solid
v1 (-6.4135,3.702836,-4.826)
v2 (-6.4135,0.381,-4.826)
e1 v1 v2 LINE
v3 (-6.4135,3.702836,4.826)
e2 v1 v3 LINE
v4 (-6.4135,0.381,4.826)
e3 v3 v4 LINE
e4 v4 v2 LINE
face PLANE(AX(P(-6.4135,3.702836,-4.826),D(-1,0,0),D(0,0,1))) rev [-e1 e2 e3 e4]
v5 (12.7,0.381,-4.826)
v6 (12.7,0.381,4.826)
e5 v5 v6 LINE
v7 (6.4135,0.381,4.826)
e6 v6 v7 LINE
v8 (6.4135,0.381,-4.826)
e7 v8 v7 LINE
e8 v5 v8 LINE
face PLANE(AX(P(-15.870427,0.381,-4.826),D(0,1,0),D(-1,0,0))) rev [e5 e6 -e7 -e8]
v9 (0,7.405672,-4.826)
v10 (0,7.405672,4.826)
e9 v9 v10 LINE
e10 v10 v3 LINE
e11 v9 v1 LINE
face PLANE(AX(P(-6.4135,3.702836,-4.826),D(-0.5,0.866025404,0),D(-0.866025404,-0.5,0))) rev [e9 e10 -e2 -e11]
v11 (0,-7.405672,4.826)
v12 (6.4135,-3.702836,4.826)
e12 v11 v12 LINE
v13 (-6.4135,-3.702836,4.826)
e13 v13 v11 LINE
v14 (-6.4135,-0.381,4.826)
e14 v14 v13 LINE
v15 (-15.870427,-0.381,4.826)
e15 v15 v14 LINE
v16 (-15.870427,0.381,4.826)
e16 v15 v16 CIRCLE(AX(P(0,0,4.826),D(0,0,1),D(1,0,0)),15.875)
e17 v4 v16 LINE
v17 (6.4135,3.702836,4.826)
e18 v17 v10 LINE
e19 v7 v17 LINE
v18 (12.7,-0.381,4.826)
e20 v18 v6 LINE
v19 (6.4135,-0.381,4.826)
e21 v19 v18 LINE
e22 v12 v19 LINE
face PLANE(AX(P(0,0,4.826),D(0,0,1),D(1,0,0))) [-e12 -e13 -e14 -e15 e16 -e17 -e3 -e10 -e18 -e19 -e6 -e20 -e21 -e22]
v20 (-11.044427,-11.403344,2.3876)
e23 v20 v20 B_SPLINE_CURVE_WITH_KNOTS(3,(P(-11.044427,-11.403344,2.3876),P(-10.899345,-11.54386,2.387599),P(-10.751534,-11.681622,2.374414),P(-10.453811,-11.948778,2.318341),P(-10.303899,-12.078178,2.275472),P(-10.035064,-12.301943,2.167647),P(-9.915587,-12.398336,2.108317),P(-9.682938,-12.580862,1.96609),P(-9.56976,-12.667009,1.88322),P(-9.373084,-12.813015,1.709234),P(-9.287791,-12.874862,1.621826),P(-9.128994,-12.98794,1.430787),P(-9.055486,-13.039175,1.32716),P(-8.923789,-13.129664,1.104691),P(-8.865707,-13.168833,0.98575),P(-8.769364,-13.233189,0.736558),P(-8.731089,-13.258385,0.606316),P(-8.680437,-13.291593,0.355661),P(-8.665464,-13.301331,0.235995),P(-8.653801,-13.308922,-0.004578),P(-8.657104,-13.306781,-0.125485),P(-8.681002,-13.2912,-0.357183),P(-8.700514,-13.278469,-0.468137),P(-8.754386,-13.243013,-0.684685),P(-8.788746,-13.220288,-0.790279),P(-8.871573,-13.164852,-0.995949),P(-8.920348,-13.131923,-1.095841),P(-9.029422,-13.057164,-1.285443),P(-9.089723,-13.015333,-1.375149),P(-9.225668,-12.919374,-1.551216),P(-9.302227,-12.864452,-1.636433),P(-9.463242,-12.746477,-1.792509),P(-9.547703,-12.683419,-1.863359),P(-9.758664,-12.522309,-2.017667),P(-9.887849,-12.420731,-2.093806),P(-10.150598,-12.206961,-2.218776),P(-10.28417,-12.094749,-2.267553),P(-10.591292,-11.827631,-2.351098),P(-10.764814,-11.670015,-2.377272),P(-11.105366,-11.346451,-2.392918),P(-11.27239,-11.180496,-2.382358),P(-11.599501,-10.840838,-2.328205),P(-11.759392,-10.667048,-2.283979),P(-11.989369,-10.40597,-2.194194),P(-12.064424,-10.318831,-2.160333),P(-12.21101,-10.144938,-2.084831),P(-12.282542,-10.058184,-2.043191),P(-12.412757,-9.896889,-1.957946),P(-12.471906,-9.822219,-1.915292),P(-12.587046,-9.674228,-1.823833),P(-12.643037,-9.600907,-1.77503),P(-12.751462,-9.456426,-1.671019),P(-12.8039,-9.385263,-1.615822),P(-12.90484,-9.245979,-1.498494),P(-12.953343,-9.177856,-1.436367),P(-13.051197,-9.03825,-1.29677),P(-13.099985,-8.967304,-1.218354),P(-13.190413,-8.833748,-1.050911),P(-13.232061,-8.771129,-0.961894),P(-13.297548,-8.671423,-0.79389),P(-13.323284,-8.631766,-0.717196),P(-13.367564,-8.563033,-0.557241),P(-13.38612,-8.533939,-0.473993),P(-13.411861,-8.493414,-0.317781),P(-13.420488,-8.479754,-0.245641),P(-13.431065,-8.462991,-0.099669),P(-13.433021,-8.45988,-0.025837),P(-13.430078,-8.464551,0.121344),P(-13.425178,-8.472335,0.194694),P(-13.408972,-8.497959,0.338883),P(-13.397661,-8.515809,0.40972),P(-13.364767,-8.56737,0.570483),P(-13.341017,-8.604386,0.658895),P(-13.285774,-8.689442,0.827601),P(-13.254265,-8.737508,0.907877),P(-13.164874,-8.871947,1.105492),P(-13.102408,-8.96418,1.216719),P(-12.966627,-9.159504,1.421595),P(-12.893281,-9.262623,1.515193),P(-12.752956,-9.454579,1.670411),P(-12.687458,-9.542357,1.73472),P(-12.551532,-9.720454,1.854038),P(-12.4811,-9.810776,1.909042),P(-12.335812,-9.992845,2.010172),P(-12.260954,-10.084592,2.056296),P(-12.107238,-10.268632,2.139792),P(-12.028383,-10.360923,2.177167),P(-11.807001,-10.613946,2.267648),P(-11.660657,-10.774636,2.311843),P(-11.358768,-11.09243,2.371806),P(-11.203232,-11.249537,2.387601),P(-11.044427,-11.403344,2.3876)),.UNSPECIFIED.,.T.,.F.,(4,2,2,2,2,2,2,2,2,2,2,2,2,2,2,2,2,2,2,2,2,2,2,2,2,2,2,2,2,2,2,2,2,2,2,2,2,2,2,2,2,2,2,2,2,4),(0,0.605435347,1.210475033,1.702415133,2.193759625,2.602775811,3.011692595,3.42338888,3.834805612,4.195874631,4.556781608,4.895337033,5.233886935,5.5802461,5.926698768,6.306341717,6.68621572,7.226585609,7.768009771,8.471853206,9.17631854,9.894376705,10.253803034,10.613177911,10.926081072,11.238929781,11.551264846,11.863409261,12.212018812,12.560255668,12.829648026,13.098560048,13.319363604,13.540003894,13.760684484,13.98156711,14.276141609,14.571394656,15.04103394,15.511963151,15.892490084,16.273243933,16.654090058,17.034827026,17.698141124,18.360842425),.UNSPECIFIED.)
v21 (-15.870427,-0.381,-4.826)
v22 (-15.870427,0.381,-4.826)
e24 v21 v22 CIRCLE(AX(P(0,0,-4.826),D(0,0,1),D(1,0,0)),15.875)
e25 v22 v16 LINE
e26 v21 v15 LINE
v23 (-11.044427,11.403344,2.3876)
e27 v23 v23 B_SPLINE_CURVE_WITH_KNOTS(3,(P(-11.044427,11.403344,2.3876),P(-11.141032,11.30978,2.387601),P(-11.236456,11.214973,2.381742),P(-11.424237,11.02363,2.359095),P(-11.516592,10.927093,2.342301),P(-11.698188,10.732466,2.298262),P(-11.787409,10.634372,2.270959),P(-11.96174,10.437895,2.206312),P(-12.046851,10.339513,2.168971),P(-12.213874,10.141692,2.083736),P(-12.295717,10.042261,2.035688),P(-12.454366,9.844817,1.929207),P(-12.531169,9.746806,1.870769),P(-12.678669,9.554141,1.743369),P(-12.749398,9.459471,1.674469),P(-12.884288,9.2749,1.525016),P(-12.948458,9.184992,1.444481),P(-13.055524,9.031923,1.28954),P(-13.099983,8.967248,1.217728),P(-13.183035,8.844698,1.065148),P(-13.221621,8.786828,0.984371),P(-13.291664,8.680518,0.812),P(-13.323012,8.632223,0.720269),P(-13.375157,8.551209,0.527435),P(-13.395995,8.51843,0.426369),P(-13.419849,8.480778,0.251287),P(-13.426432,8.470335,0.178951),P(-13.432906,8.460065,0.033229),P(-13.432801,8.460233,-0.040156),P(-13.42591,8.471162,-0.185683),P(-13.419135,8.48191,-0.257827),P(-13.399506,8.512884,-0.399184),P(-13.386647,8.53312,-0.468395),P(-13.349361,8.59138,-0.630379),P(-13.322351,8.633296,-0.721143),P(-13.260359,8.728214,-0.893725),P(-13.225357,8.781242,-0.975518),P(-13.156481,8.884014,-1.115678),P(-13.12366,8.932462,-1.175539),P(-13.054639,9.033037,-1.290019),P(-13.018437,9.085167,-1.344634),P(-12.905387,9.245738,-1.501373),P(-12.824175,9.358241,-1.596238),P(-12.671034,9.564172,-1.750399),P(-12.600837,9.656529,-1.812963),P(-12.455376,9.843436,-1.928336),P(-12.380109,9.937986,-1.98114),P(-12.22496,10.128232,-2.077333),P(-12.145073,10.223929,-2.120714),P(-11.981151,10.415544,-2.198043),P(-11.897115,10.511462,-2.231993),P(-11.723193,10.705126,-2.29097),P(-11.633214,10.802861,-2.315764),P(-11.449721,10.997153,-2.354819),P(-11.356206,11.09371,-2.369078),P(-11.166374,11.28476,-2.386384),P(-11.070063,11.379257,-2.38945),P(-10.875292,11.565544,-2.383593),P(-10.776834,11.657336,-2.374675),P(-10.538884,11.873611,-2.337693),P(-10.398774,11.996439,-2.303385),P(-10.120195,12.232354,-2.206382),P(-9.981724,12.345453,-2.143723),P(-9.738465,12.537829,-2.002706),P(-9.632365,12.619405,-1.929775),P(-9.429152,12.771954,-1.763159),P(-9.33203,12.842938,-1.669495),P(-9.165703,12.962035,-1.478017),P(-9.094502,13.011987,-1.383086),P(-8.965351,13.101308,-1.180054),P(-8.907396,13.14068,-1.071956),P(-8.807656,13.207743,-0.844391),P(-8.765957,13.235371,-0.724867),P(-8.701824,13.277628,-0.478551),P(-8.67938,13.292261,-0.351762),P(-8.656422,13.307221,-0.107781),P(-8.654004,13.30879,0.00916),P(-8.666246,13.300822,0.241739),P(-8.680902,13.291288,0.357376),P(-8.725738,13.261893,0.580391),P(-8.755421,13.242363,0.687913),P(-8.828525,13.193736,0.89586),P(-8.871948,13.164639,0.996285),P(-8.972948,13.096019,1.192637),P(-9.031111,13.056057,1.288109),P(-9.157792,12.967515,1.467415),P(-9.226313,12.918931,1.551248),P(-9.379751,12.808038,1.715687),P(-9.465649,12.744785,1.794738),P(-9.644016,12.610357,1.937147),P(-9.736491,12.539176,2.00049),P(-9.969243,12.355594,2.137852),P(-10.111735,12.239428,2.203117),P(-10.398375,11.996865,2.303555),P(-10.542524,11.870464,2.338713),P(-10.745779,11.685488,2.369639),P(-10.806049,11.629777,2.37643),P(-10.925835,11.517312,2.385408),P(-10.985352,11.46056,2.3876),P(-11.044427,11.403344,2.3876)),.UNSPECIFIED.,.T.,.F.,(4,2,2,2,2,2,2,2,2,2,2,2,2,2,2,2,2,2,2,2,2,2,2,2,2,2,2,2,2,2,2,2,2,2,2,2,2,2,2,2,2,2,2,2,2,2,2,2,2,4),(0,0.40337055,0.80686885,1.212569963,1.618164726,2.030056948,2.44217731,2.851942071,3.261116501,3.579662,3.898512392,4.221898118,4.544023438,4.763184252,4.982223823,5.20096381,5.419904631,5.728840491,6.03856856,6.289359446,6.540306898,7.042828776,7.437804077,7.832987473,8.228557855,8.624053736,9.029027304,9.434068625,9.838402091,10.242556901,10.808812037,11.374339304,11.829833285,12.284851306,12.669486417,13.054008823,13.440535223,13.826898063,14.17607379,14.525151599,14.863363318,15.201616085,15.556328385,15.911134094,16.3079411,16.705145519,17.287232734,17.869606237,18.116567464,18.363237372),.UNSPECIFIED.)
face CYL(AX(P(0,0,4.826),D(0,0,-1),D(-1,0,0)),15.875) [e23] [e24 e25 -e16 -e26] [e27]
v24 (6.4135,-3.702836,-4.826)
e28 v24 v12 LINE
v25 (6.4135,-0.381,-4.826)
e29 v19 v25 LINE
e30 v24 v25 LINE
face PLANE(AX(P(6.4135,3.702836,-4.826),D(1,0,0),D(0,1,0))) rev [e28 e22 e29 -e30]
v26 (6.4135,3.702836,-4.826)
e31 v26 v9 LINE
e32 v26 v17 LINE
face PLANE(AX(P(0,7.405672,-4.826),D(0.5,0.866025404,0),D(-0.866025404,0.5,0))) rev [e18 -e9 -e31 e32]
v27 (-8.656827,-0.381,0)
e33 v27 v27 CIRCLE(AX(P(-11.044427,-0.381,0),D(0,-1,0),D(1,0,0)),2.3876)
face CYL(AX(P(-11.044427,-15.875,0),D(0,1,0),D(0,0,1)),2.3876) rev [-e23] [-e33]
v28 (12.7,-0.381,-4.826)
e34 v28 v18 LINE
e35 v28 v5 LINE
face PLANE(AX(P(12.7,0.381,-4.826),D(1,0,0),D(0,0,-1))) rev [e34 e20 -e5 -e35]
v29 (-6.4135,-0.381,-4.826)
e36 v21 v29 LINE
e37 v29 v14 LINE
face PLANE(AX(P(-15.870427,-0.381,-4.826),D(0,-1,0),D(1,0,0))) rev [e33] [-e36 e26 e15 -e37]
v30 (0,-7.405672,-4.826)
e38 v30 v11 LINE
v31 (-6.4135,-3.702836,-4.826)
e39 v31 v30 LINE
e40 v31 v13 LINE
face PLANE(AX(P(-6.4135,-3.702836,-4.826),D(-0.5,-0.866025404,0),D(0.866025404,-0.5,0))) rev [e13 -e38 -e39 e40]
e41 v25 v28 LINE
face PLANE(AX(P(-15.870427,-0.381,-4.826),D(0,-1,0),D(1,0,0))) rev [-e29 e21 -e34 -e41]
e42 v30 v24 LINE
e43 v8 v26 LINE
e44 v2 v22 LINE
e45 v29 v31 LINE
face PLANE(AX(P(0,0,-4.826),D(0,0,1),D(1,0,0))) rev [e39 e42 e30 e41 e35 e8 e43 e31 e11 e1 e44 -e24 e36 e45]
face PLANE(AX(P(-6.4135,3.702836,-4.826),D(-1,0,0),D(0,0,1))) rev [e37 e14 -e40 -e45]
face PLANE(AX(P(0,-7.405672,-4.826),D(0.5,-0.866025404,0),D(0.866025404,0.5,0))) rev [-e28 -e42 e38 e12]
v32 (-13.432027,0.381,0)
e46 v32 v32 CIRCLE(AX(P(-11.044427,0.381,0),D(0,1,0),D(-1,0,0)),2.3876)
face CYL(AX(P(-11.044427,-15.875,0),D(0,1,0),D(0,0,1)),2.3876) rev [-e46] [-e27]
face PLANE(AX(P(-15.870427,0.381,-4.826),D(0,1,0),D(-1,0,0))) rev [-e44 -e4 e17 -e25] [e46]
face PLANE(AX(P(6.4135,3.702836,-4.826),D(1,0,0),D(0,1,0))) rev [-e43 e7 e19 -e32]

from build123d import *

# Parameters (mm, degrees)
SKETCH1_R               = 15.875
BOSS_EXTRUDE1_DEPTH     = 4.826
CUT_EXTRUDE1_DEPTH      = 25.437519391
CUT_EXTRUDE2_DEPTH      = 25.437519391
CUT_EXTRUDE3_DEPTH      = 23.963482445
CUT_EXTRUDE3_DEPTH_BACK = 23.963482445
SKETCH4_R               = 2.3876


with BuildPart() as part:
    # Sketch1 → Boss-Extrude1 (new, symmetric)
    with BuildSketch(Plane.XY):
        Circle(SKETCH1_R)
    extrude(amount=BOSS_EXTRUDE1_DEPTH, both=True)

    # Sketch2 → Cut-Extrude1 (cut, through all)
    with BuildSketch(Plane.XY.offset(4.826)):
        Polygon((-6.4135, 3.702835951), (-6.4135, -3.702835951), (0, -7.405671903), (6.4135, -3.702835951), (6.4135, 3.702835951), (0, 7.405671903), align=None)
    extrude(amount=-CUT_EXTRUDE1_DEPTH, mode=Mode.SUBTRACT)

    # Sketch3 → Cut-Extrude2 (cut, through all)
    with BuildSketch(Plane.XY.offset(4.826)):
        with BuildLine():
            Line((-15.870427341, 0.381), (12.7, 0.381))
            Line((12.7, 0.381), (12.7, -0.381))
            Line((12.7, -0.381), (-15.870427341, -0.381))
            ThreePointArc((-15.870427341, -0.381), (-15.875, 0), (-15.870427341, 0.381))
        make_face()
    extrude(amount=-CUT_EXTRUDE2_DEPTH, mode=Mode.SUBTRACT)

    # Sketch4 → Cut-Extrude3 (cut, two sides: drawn at the far end of the back side and taken through both)
    with BuildSketch(Plane(origin=(0, 0, 0), x_dir=(1, 0, 0), z_dir=(0, 1, 0)).offset(-CUT_EXTRUDE3_DEPTH_BACK)):
        with Locations(Location((-11.044427341, 0, 0), (0, 0, 270))):
            Circle(SKETCH4_R)
    extrude(amount=CUT_EXTRUDE3_DEPTH + CUT_EXTRUDE3_DEPTH_BACK, mode=Mode.SUBTRACT)


solid = part.part
